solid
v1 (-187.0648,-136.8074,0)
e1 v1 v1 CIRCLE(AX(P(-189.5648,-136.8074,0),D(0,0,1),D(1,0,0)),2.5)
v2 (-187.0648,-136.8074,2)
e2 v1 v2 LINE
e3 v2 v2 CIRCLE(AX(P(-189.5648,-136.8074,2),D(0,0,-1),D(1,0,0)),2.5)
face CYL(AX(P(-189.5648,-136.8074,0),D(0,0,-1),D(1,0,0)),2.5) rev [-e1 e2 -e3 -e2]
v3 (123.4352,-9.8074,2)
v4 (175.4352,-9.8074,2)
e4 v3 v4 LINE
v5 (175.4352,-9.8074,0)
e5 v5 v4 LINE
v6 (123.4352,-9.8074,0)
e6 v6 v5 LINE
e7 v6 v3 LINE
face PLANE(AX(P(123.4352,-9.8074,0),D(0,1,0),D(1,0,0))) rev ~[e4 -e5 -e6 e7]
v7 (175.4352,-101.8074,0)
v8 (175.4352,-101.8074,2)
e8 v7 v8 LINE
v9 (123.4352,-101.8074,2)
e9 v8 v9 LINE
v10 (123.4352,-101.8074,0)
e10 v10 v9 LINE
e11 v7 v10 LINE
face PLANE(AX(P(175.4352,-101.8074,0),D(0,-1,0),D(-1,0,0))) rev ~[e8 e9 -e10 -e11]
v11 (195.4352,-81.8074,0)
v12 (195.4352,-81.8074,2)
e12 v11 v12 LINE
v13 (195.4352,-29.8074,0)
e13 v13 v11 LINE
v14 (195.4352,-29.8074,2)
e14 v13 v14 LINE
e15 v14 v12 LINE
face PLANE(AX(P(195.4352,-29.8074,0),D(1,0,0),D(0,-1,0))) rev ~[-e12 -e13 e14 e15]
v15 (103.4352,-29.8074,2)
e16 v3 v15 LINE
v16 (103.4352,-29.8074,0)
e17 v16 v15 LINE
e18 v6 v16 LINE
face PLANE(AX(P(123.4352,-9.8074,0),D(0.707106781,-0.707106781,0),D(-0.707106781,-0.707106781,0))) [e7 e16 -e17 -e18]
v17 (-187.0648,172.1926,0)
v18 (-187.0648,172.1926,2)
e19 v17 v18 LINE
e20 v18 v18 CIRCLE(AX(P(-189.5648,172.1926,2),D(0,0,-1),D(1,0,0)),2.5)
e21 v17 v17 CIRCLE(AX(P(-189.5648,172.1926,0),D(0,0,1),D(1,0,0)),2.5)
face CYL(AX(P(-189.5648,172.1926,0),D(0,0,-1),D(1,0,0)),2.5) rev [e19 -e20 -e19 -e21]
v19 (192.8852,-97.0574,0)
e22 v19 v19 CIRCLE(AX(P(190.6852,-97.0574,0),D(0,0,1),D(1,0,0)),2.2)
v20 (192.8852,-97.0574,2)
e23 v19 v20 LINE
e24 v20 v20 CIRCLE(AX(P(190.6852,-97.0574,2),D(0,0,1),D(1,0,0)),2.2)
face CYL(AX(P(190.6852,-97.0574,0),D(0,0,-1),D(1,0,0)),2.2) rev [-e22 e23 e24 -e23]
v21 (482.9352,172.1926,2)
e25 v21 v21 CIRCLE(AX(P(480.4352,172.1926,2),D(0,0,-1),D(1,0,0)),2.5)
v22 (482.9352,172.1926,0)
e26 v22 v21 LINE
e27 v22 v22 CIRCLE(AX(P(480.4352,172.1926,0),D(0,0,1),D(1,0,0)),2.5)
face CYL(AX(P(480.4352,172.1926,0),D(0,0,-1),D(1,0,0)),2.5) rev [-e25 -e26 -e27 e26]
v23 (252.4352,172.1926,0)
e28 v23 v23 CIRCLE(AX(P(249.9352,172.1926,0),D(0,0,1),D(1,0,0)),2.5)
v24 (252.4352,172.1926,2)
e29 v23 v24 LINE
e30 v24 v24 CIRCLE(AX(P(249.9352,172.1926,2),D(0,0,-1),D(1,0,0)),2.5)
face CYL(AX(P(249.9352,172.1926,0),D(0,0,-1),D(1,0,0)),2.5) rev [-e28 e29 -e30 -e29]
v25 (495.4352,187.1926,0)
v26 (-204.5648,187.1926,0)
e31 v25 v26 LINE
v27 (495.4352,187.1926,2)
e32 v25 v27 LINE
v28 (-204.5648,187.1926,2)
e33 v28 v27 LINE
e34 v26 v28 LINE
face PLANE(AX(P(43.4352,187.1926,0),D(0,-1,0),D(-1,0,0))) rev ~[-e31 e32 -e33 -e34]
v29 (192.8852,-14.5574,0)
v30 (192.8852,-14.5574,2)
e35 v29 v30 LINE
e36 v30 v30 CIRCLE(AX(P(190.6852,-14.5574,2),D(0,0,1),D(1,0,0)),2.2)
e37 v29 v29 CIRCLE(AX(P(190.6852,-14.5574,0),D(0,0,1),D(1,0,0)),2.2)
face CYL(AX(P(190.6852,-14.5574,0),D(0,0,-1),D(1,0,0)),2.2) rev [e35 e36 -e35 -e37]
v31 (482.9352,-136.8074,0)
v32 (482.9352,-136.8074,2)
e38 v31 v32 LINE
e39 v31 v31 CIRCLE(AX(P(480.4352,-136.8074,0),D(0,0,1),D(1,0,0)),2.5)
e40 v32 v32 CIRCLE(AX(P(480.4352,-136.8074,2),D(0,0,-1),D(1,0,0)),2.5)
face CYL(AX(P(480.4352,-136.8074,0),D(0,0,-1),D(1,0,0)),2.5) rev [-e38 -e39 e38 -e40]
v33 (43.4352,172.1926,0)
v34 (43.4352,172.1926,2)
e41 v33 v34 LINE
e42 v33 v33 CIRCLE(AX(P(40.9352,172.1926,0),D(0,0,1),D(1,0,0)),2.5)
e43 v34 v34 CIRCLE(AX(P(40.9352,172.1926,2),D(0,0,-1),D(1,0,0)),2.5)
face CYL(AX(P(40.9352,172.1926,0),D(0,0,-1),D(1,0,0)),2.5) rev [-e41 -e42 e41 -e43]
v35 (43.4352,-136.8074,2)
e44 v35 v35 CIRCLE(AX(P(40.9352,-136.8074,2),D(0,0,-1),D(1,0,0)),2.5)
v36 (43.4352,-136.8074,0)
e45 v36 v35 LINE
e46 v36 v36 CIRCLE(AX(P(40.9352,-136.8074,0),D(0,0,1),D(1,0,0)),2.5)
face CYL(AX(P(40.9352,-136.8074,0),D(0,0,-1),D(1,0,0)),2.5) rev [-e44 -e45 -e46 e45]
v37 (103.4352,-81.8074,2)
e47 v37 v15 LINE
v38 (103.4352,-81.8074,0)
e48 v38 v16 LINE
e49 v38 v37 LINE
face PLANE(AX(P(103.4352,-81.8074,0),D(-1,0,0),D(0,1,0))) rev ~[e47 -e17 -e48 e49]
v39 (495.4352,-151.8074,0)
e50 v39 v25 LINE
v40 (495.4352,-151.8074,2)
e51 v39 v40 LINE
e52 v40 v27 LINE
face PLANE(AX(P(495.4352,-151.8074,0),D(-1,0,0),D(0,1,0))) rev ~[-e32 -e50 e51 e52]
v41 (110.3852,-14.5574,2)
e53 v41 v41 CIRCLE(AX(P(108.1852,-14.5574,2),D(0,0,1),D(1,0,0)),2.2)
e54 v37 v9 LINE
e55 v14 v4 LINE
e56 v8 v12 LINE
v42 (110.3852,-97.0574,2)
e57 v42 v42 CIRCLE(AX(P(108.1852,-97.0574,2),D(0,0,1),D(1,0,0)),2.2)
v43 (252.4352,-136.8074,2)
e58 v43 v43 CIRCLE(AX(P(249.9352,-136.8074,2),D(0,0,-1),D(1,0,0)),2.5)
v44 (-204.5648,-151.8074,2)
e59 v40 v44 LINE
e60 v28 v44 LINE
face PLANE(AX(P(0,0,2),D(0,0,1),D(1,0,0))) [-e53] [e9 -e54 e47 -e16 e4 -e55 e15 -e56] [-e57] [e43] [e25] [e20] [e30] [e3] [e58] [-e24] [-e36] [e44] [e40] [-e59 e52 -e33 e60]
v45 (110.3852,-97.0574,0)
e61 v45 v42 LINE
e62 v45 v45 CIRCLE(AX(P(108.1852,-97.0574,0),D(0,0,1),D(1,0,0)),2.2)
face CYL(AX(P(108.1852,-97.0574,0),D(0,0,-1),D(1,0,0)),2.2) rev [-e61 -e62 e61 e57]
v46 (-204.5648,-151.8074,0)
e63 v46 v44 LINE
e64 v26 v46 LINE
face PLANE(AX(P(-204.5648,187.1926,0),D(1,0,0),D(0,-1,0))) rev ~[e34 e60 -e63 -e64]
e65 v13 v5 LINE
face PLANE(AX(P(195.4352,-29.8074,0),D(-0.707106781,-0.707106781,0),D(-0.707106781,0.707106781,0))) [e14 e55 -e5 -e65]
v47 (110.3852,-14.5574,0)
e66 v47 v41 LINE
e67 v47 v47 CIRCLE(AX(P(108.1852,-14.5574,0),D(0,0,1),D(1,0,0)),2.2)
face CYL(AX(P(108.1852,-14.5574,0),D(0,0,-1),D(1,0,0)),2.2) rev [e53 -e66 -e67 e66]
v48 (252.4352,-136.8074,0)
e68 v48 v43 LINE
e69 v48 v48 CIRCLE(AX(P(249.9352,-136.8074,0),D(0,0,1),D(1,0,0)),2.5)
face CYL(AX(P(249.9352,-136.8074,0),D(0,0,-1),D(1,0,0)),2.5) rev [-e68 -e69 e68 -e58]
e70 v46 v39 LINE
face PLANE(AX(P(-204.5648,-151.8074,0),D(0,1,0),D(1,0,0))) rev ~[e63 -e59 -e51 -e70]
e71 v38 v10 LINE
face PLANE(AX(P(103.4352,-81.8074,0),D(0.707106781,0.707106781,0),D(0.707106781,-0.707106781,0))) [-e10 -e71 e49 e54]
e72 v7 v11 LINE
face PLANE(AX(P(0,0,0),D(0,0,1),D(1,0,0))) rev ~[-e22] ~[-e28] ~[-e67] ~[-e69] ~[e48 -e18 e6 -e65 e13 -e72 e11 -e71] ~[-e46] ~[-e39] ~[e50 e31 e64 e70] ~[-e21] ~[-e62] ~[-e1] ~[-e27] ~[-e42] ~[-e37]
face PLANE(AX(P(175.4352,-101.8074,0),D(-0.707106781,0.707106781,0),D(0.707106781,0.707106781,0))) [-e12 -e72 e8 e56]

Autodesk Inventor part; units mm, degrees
ref_plane "Plan YZ" through (0, 0, 0) normal (1, 0, 0) x (0, 1, 0)
ref_plane "Plan XZ" through (0, 0, 0) normal (0, 1, 0) x (-1, 0, 0)
ref_plane "Plan XY" through (0, 0, 0) normal (0, 0, 1) x (1, 0, 0)
sketch "Esquisse1" plane through (0, 0, 0) normal (0, 0, 1) x (1, 0, 0)
  line L0 (-204.5648, -151.8074) -> (495.4352, -151.8074)
  line L1 (495.4352, -151.8074) -> (495.4352, 187.1926)
  line L2 (495.4352, 187.1926) -> (-204.5648, 187.1926)
  line L3 (-204.5648, 187.1926) -> (-204.5648, -151.8074)
  line L4 (-204.5648, -151.8074) -> (495.4352, 187.1926) construction
  line L5 (-192.0648, -139.3074) -> (482.9352, -139.3074)
  line L6 (482.9352, -139.3074) -> (482.9352, 174.6926)
  line L7 (482.9352, 174.6926) -> (-192.0648, 174.6926)
  line L8 (-192.0648, 174.6926) -> (-192.0648, -139.3074)
  line L9 (-192.0648, -139.3074) -> (482.9352, 174.6926) construction
  circle A0 centre (-189.5648, 172.1926) radius 2.5
  circle A1 centre (-189.5648, -136.8074) radius 2.5
  circle A2 centre (480.4352, -136.8074) radius 2.5
  circle A3 centre (480.4352, 172.1926) radius 2.5
  line L10 (123.4352, -9.8074) -> (175.4352, -9.8074)
  line L11 (195.4352, -29.8074) -> (195.4352, -81.8074)
  line L12 (175.4352, -101.8074) -> (123.4352, -101.8074)
  line L13 (103.4352, -81.8074) -> (103.4352, -29.8074)
  line L14 (103.4352, -9.8074) -> (195.4352, -101.8074) construction
  line L15 (195.4352, -9.8074) -> (103.4352, -101.8074) construction
  line L16 (123.4352, -9.8074) -> (103.4352, -29.8074)
  line L17 (103.4352, -81.8074) -> (123.4352, -101.8074)
  line L18 (175.4352, -101.8074) -> (195.4352, -81.8074)
  line L19 (195.4352, -29.8074) -> (175.4352, -9.8074)
  circle A4 centre (108.1852, -14.5574) radius 2.2
  circle A5 centre (190.6852, -14.5574) radius 2.2
  circle A6 centre (190.6852, -97.0574) radius 2.2
  circle A7 centre (108.1852, -97.0574) radius 2.2
  line L20 (43.4352, 317.5232) -> (43.4352, -247.7763)
  line L21 (247.4352, 247.5232) -> (247.4352, -339.138)
  circle A8 centre (249.9352, 172.1926) radius 2.5
  circle A9 centre (40.9352, -136.8074) radius 2.5
  circle A10 centre (40.9352, 172.1926) radius 2.5
  circle A11 centre (249.9352, -136.8074) radius 2.5
  point P0 (0, 0)
  point P1 (145.4352, 17.6926)
  point P2 (149.4352, -55.8074)
  point P3 (-192.0648, -136.8074)
  point P4 (-189.5648, -139.3074)
  point P5 (480.4352, -139.3074)
  point P6 (482.9352, -136.8074)
  point P7 (482.9352, 172.1926)
  point P8 (480.4352, 174.6926)
  point P9 (-192.0648, 172.1926)
  point P10 (-189.5648, 174.6926)
  point P11 (43.4352, -139.3074)
  point P12 (40.9352, -139.3074)
  point P13 (43.4352, -136.8074)
  point P14 (43.4352, 174.6926)
  point P15 (43.4352, 172.1926)
  point P16 (40.9352, 174.6926)
  dimension "d0" = 700
  dimension "d1" = 339
  dimension "d2" = 12.5
  dimension "d3" = 12.5
  dimension "d4" = 5
  dimension "d5" = 5
  dimension "d6" = 5
  dimension "d7" = 5
  dimension "d8" = 92
  dimension "d9" = 92
  dimension "d10" = 50
  dimension "d11" = 300
  dimension "d12" = 20
  dimension "d13" = 20
  dimension "d14" = 20
  dimension "d15" = 20
  dimension "d16" = 20
  dimension "d17" = 20
  dimension "d18" = 20
  dimension "d19" = 20
  dimension "d20" = 4.4
  dimension "d21" = 4.4
  dimension "d22" = 4.4
  dimension "d23" = 4.4
  dimension "d24" = 4.75
  dimension "d25" = 4.75
  dimension "d28" = 248
  dimension "d29" = 248
  dimension "d30" = 5
  dimension "d31" = 5
  dimension "d32" = 5
  dimension "d33" = 5
extrude "Extrusion1" add sketch "Esquisse1" along normal blind 2 contours L3 L2 L20 L7 L8 L5 L0 | L20 L5 L21 L0 | L21 L5 L6 L7 L2 L1 L0 | L20 L7 L21 L5 | L5 A9 L20 | L2 L21 L7 L20 | L21 A11 L5 | L5 A1 L8 A0 L7 A10 L20 A9 | L20 A10 L7 | A11 L21 A8 L7 A3 L6 A2 L5 | L5 L8 A1 | L7 A8 L21 | A2 L6 L5 | A0 L8 L7 | L7 L6 A3
equation "\"d13\" = d12"
equation "\"d14\" = d12"
equation "\"d15\" = d14"
equation "\"d16\" = d12"
equation "\"d17\" = d16"
equation "\"d18\" = d12"
equation "\"d19\" = d18"
properties part number "PlaqueVentilo2"
